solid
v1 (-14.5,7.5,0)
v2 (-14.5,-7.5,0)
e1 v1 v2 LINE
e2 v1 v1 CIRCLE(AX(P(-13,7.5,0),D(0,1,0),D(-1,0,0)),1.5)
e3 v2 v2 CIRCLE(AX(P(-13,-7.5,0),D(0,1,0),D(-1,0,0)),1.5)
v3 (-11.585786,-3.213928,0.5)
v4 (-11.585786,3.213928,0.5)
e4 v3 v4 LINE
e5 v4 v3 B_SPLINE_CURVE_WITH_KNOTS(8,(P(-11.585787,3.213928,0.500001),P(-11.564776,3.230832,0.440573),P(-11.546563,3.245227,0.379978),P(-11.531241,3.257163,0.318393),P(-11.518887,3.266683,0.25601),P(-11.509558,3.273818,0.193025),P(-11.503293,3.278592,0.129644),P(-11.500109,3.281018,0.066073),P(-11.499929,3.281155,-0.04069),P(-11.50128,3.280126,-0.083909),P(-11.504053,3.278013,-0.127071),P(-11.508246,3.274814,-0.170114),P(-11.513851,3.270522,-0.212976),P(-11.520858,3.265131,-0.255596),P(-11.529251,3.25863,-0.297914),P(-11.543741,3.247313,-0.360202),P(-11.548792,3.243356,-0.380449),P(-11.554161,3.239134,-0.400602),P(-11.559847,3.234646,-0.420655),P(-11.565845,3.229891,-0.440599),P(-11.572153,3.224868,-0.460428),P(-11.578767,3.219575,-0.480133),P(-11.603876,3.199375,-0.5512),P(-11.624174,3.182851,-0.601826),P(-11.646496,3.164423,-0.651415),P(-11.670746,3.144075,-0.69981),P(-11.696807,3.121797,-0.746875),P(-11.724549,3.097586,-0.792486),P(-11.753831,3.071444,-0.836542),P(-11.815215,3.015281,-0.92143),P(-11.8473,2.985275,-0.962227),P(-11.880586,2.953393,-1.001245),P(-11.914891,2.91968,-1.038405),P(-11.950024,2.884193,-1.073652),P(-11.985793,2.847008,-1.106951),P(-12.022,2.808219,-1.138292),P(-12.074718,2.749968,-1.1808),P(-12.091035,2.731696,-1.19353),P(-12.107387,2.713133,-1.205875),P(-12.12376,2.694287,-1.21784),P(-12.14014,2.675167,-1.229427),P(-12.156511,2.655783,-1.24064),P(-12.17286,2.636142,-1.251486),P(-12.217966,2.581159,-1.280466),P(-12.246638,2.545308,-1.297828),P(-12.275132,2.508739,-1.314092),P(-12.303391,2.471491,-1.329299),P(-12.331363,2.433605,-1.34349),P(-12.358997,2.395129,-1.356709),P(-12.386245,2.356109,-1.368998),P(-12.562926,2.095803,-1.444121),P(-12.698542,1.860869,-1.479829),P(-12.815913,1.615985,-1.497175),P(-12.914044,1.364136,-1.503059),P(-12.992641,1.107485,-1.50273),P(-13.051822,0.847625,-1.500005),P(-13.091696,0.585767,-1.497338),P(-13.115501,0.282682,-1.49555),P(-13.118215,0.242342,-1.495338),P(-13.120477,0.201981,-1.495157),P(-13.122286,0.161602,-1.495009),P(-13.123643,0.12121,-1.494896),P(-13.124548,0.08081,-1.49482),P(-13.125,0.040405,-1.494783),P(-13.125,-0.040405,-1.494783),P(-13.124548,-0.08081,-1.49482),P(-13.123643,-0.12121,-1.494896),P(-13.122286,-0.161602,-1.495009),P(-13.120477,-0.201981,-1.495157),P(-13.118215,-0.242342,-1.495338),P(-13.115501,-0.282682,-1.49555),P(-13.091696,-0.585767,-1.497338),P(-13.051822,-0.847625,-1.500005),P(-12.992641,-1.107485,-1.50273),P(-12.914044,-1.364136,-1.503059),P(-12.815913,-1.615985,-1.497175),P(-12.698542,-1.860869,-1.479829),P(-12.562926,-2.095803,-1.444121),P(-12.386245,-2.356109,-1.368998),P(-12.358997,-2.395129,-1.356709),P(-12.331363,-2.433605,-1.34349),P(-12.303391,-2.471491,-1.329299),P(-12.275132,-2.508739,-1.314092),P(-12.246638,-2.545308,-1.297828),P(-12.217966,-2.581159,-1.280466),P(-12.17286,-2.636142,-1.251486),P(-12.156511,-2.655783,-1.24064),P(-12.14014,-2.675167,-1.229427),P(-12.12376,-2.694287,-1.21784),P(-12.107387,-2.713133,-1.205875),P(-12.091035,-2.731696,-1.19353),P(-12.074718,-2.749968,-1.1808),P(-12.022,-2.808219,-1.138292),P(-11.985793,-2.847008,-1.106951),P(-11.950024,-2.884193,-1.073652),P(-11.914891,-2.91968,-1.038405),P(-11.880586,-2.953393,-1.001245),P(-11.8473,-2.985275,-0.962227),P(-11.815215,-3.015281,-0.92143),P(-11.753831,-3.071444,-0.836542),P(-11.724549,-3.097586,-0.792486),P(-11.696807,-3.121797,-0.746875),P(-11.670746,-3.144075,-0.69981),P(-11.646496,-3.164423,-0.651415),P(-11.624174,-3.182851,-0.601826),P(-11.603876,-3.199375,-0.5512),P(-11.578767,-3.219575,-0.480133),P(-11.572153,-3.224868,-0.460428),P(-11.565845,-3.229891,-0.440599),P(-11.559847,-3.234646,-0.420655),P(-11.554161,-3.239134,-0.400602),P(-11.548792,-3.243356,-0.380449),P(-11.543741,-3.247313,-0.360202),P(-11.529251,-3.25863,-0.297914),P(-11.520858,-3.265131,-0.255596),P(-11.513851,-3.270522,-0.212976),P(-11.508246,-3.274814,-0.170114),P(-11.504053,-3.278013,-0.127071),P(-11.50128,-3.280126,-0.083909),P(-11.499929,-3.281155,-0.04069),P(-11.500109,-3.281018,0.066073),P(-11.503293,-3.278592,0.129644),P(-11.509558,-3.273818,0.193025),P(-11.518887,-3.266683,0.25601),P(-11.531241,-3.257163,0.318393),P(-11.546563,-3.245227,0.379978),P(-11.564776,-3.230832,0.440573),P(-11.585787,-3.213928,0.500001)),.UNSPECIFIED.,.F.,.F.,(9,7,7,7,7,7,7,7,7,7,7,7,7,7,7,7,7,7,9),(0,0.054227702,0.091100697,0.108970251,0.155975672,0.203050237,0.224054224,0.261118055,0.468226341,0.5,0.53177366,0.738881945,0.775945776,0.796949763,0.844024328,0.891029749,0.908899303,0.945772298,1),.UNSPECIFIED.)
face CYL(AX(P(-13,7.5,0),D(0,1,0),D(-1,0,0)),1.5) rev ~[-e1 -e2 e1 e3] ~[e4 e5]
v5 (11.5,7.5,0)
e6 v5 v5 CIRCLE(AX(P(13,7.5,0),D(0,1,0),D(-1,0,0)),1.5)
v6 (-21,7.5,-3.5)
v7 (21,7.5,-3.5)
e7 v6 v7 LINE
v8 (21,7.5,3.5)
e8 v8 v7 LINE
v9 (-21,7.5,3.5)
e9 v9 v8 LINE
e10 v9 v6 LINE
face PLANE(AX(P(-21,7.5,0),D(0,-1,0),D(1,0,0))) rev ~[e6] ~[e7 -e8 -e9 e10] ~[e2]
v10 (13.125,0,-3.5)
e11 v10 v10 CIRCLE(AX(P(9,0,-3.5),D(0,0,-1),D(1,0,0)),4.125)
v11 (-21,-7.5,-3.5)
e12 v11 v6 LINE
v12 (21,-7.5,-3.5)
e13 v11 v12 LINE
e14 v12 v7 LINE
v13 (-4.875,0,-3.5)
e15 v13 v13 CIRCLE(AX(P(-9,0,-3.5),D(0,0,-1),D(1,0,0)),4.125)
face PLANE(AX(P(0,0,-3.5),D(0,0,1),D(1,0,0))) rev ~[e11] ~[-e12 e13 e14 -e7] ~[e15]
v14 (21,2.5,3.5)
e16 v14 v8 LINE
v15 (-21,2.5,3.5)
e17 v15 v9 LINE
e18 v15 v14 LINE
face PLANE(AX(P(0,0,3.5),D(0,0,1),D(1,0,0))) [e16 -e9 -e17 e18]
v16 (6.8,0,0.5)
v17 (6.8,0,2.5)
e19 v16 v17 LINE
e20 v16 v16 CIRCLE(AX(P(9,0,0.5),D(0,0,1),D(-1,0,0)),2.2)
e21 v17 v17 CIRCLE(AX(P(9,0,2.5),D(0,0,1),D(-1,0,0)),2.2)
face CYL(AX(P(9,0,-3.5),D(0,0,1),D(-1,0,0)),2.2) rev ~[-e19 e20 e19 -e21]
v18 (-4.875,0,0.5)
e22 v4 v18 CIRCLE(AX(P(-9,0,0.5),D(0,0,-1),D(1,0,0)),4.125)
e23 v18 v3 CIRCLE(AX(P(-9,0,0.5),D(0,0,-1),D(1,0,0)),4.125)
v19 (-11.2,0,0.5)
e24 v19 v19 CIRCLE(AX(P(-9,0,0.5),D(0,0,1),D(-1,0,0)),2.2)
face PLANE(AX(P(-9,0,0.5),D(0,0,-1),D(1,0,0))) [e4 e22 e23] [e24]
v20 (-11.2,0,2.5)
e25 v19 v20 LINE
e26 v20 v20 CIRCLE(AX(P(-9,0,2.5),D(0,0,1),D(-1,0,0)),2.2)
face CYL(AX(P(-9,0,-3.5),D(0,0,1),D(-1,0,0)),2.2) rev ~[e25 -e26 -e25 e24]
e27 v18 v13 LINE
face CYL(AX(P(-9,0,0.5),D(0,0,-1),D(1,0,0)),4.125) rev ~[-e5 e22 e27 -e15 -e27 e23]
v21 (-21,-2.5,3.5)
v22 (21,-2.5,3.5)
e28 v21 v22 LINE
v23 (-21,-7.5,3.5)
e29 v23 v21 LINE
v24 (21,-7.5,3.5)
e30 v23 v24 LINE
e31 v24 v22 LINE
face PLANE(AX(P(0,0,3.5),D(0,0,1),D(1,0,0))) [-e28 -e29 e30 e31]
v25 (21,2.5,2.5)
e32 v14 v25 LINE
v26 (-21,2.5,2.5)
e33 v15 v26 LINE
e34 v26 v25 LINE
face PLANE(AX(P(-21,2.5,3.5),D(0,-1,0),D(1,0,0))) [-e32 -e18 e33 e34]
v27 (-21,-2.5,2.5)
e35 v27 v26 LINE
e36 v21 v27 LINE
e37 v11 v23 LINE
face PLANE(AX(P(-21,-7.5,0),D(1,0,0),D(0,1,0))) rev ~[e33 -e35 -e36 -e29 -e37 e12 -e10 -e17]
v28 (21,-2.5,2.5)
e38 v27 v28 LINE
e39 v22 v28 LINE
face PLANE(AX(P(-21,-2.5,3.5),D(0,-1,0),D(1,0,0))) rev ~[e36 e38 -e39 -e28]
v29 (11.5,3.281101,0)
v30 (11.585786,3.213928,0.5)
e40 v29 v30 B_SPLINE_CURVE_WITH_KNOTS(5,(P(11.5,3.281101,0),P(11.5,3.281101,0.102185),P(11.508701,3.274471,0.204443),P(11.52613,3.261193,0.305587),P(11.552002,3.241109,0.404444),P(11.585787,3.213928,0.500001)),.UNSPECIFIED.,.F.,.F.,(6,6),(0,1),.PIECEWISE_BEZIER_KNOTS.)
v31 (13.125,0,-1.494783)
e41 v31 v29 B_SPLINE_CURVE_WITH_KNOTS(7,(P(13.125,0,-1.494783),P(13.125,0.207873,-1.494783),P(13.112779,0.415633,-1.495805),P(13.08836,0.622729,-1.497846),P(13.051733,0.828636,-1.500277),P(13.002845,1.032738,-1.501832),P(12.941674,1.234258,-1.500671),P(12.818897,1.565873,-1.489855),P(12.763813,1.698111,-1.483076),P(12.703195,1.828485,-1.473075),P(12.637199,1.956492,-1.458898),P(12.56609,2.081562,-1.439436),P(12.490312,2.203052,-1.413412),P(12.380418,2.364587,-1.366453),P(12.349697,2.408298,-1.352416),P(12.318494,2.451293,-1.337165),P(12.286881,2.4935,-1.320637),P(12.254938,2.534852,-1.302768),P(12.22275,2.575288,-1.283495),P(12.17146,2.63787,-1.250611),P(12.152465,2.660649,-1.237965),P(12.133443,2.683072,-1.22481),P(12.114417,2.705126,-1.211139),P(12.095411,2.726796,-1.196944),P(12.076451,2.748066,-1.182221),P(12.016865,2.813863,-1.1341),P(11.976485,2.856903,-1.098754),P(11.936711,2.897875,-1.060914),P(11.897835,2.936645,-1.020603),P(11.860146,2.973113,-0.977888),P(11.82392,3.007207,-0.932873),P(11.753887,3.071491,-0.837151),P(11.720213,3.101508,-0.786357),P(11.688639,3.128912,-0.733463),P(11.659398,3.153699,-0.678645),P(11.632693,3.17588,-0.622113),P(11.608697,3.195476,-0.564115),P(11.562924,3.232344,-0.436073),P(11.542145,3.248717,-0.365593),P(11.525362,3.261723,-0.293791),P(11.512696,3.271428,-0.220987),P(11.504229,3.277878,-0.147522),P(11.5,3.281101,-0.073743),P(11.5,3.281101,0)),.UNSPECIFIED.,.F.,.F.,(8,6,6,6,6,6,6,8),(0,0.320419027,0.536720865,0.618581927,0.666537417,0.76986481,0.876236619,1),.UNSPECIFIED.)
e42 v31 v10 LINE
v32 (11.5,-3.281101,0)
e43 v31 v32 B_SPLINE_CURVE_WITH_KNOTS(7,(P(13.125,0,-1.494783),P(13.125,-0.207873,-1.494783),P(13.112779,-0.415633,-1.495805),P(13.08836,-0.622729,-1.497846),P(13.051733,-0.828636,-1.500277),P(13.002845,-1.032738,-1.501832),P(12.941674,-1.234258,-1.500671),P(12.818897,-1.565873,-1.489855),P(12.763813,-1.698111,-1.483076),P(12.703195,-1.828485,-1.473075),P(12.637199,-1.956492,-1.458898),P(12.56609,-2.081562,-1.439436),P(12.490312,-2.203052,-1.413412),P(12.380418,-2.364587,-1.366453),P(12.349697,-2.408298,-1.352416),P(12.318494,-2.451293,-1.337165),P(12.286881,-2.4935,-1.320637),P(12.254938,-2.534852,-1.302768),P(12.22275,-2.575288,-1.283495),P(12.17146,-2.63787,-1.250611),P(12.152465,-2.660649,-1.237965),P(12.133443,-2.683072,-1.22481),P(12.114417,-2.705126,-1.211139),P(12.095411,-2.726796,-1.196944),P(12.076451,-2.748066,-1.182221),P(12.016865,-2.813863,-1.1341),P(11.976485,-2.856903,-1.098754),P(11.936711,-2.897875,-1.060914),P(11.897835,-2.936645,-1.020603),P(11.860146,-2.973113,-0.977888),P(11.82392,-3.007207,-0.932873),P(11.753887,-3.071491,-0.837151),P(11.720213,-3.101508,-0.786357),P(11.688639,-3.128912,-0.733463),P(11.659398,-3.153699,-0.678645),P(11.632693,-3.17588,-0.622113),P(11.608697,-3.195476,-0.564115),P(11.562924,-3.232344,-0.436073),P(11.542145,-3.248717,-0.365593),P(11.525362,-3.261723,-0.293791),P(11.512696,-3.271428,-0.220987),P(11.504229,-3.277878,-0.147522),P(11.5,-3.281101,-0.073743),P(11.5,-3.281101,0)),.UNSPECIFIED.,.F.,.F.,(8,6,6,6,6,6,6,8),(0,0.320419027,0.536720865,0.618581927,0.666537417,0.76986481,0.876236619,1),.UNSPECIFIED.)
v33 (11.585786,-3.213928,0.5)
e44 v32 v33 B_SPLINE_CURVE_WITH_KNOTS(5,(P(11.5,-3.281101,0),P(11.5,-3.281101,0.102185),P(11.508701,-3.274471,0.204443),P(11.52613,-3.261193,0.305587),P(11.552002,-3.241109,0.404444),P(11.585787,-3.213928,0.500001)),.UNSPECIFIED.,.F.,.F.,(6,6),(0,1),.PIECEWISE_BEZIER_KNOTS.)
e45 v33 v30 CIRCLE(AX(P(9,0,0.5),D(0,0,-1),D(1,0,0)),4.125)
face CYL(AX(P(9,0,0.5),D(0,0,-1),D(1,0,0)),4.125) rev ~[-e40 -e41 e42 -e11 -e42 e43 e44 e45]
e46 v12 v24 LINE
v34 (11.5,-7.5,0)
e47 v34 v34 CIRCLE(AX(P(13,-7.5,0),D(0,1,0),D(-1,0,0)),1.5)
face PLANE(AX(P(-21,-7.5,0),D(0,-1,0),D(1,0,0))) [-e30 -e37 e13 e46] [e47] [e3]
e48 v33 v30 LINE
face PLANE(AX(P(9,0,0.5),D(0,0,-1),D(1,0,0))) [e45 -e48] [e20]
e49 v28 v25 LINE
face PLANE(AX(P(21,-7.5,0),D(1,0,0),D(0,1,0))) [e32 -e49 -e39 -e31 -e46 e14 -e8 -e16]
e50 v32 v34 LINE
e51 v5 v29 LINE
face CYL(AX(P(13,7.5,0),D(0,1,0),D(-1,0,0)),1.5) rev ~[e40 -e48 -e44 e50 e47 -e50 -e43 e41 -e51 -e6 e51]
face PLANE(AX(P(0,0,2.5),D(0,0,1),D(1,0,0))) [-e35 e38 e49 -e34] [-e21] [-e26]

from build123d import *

# Parameters (mm, degrees)
F0_W           = 42
F0_H           = 15
F1_DEPTH       = 3.5
F2_W           = 42
F2_H           = 5
F3_DEPTH       = 1
F5_D           = 4.4
F5_CBORE_D     = 8.25
F5_CBORE_DEPTH = 4
F6_R           = 1.5
F7_DEPTH       = 15.001


with BuildPart() as f1:
    # F0 (on Top) → F1 (new body, symmetric)
    with BuildSketch(Plane.XY):
        Rectangle(F0_W, F0_H)
    extrude(amount=F1_DEPTH, both=True)

    # F2 (on face) → F3 (cut)
    with BuildSketch(Plane.XY.offset(3.5)):
        Rectangle(F2_W, F2_H)
    extrude(amount=-F3_DEPTH, mode=Mode.SUBTRACT)

    # F5 (through all)
    with Locations(Plane(origin=(0, 0, -3.5), x_dir=(1, 0, 0), z_dir=(0, 0, -1))):
        with Locations((9, 0), (-9, 0)):
            CounterBoreHole(F5_D / 2, F5_CBORE_D / 2, F5_CBORE_DEPTH)

    # F6 (on face) → F7 (cut, through all)
    with BuildSketch(Plane(origin=(0, 7.5, 0), x_dir=(-1, 0, 0), z_dir=(0, 1, 0))):
        with Locations((-13, 0)):
            Circle(F6_R)
        with Locations((13, 0)):
            Circle(F6_R)
    extrude(amount=-F7_DEPTH, mode=Mode.SUBTRACT)


solid = f1.part
